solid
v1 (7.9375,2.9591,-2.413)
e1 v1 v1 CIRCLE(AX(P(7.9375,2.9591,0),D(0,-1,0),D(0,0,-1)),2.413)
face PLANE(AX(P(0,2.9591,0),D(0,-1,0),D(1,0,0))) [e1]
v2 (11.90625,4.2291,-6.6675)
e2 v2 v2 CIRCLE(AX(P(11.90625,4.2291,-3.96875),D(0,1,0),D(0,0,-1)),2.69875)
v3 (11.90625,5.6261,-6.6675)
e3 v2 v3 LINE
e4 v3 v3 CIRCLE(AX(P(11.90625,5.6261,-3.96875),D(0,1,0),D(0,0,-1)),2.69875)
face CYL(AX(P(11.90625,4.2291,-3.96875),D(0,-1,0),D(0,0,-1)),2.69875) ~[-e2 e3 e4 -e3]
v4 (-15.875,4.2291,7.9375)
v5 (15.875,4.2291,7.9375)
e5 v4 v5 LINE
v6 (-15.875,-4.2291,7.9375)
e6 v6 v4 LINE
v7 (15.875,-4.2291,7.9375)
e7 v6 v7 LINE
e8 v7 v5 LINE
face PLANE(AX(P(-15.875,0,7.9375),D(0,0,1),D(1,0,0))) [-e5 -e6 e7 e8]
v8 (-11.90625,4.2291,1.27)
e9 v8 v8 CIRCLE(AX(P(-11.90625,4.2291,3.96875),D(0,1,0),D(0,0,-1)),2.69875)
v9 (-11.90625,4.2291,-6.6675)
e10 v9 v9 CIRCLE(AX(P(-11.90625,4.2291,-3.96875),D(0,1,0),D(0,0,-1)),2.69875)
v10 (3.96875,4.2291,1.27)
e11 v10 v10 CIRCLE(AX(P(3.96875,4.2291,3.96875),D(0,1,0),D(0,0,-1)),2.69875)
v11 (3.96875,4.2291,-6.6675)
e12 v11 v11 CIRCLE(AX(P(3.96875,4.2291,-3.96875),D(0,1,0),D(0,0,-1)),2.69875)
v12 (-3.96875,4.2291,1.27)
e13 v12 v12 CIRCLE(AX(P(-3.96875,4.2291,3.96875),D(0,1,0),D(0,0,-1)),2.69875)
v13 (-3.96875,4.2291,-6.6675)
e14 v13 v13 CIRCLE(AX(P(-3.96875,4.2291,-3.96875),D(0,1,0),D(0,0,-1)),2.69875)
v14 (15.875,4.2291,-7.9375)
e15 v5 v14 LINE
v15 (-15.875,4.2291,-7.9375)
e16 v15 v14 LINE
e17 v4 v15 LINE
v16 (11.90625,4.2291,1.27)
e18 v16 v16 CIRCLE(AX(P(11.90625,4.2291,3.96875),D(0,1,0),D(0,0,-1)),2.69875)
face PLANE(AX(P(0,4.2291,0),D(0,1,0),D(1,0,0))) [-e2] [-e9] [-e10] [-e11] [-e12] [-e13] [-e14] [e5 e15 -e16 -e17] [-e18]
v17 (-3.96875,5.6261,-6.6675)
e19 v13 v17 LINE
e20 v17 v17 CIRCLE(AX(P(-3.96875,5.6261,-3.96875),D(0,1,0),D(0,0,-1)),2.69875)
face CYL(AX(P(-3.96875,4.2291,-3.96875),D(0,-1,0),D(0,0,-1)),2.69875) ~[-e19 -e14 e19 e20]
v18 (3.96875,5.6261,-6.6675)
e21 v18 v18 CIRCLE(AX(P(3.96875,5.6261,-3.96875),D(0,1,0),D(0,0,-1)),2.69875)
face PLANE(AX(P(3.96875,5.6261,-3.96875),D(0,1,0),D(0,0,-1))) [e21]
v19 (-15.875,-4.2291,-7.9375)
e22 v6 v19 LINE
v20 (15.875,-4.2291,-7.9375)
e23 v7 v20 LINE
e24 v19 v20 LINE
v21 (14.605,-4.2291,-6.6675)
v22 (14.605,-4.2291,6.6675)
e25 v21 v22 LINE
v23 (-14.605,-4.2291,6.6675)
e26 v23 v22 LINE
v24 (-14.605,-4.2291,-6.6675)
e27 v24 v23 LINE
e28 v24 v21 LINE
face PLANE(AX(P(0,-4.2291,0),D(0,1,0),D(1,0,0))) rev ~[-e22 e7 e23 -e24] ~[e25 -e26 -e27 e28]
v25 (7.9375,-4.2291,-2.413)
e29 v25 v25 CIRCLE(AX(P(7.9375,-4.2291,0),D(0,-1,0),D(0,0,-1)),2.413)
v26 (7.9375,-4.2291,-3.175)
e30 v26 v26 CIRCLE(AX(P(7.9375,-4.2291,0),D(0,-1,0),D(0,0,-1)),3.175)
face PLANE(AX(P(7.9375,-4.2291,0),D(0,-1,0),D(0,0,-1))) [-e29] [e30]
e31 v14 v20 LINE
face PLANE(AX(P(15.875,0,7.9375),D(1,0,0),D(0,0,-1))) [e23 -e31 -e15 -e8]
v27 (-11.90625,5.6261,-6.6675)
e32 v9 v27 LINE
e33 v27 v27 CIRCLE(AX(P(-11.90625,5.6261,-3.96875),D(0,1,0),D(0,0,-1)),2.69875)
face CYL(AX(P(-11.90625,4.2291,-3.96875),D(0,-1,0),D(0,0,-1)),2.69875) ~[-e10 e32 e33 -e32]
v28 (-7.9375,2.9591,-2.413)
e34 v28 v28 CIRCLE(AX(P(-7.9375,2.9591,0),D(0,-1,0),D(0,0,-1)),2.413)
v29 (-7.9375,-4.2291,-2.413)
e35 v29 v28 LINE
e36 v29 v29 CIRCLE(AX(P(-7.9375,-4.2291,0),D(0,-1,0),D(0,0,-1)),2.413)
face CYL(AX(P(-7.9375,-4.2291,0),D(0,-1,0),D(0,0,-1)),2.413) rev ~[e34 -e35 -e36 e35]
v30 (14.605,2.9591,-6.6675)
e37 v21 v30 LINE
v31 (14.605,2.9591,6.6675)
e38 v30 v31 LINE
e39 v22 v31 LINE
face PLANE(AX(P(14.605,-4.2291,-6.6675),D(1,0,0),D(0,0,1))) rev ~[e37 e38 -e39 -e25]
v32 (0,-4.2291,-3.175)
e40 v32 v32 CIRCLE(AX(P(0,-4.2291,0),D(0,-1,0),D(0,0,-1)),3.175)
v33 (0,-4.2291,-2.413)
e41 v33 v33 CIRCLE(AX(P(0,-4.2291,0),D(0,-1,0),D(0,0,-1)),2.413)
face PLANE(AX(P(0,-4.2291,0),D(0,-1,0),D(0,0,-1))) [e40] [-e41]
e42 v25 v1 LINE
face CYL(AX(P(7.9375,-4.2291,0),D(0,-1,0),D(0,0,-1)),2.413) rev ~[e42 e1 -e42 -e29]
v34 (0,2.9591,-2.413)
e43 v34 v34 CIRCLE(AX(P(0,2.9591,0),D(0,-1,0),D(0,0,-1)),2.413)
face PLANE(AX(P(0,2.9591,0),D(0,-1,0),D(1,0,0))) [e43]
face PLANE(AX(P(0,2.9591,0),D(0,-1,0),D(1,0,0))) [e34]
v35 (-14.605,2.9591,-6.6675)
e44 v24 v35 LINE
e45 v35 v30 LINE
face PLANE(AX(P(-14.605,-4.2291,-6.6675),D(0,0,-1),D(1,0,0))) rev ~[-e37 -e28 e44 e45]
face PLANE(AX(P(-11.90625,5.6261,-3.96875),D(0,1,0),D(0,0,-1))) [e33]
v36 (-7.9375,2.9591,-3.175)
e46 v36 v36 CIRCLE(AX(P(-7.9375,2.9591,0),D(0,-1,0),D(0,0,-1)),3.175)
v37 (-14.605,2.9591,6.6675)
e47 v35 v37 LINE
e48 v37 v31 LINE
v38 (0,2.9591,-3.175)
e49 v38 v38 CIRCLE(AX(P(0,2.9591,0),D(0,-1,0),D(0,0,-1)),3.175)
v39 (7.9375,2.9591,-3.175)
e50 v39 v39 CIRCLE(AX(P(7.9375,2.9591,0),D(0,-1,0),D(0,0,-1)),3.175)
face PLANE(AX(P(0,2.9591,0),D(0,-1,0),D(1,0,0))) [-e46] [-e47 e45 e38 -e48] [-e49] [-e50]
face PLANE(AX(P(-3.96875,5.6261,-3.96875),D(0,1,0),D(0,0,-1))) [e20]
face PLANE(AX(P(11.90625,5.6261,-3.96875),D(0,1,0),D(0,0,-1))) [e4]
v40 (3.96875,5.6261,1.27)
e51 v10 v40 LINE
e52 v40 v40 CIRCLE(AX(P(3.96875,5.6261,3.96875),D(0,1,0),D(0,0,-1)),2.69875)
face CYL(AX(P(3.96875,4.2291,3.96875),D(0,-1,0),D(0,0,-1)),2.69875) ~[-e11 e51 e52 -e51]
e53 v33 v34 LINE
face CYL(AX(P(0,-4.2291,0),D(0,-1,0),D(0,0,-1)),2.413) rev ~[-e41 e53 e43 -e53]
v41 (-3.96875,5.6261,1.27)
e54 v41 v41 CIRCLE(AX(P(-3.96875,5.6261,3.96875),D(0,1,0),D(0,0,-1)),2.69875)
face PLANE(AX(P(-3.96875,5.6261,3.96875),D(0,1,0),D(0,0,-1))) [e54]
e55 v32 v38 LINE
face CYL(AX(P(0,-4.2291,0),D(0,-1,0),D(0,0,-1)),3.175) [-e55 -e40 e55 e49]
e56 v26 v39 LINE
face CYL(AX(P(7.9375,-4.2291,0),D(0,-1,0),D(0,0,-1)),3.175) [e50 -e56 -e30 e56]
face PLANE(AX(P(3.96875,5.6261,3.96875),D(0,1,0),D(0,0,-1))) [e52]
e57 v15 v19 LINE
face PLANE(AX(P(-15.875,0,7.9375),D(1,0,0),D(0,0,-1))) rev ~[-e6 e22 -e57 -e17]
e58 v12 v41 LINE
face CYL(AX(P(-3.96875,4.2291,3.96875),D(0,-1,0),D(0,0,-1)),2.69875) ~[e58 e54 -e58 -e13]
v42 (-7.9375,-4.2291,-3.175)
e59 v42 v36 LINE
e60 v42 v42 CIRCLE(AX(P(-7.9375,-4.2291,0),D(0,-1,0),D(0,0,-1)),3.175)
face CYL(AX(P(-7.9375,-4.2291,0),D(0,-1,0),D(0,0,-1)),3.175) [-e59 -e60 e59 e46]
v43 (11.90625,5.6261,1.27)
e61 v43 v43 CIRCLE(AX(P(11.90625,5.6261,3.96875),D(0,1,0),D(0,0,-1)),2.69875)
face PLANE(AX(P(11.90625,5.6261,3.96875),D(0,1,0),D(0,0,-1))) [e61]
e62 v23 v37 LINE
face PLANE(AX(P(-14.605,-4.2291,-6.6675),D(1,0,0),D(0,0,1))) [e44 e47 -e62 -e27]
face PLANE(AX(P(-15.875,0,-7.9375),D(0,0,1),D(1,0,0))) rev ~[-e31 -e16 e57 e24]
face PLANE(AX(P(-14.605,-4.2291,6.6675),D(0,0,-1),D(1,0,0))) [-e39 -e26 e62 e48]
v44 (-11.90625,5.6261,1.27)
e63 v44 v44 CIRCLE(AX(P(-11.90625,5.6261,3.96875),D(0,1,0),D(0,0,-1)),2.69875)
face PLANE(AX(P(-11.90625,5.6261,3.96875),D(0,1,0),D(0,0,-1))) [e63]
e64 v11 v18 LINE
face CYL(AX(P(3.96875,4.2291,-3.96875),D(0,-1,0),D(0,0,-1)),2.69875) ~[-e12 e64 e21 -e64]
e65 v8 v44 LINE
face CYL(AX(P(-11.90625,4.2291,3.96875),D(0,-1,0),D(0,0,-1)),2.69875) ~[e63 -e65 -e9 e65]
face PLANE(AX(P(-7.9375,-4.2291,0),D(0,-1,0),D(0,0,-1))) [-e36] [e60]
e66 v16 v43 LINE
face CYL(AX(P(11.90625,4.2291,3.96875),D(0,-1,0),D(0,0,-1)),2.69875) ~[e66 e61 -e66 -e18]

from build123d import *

# Parameters (mm, degrees)
SKETCH1_W            = 31.75
SKETCH1_H            = 15.875
BOSS_EXTRUDE1_DEPTH  = 4.2291
SKETCH2_W            = 29.21
SKETCH2_H            = 13.335
SKETCH2_R            = 3.175
SKETCH2_R_2          = 2.413
CUT_EXTRUDE1_DEPTH   = 7.1882
SKETCH3_R            = 2.69875
BOSS_EXTRUDE2_DEPTH  = 1.397
LPATTERN1_COUNT      = 4
LPATTERN1_PITCH      = 7.9375
LPATTERN1_COUNT_DIR2 = 2
LPATTERN1_PITCH_DIR2 = 7.9375
SKETCH2_3_R          = 3.175
SKETCH2_3_R_2        = 2.413
BOSS_EXTRUDE3_DEPTH  = 7.1882
LPATTERN2_COUNT      = 2
LPATTERN2_PITCH      = 7.9375
LPATTERN2_COL_COUNT  = 2
LPATTERN2_COL_PITCH  = 7.9375


with BuildPart() as part:
    # Sketch1 → Boss-Extrude1 (new, symmetric)
    with BuildSketch(Plane(origin=(0, 0, 0), x_dir=(1, 0, 0), z_dir=(0, 1, 0))):
        Rectangle(SKETCH1_W, SKETCH1_H)
    extrude(amount=BOSS_EXTRUDE1_DEPTH, both=True)

    # Sketch2 → Cut-Extrude1 (cut)
    with BuildSketch(Plane.XZ.offset(4.2291)):
        Rectangle(SKETCH2_W, SKETCH2_H)
        Circle(SKETCH2_R, mode=Mode.SUBTRACT)
        Circle(SKETCH2_R)
        Circle(SKETCH2_R_2, mode=Mode.SUBTRACT)
        Circle(SKETCH2_R_2)
    extrude(amount=-CUT_EXTRUDE1_DEPTH, mode=Mode.SUBTRACT)

    # Sketch3 → Boss-Extrude2 (add)
    with BuildSketch(Plane(origin=(0, 4.2291, 0), x_dir=(1, 0, 0), z_dir=(0, 1, 0))):
        with Locations(Location((11.90625, -3.96875, 0), (0, 0, 90))):
            Circle(SKETCH3_R)
    boss_extrude2 = extrude(amount=BOSS_EXTRUDE2_DEPTH)

    # LPattern1: Boss-Extrude2 4 × 2
    with Locations(*[(-i * LPATTERN1_PITCH, 0, -j * LPATTERN1_PITCH_DIR2) for i in range(LPATTERN1_COUNT) for j in range(LPATTERN1_COUNT_DIR2) if (i, j) != (0, 0)]):
        add(boss_extrude2)

    # Sketch2_3 → Boss-Extrude3 (add)
    with BuildSketch(Plane.XZ.offset(4.2291)):
        with Locations(Location((0, 0, 0), (0, 0, 270))):
            Circle(SKETCH2_3_R)
        with Locations(Location((0, 0, 0), (0, 0, 270))):
            Circle(SKETCH2_3_R_2, mode=Mode.SUBTRACT)
    boss_extrude3 = extrude(amount=-BOSS_EXTRUDE3_DEPTH)

    # LPattern2: Boss-Extrude3 ×2
    with Locations(*[(i * LPATTERN2_PITCH, 0, 0) for i in range(1, LPATTERN2_COUNT)]):
        add(boss_extrude3)

    # LPattern2 col: Boss-Extrude3 ×2
    with Locations(*[(-i * LPATTERN2_COL_PITCH, 0, 0) for i in range(1, LPATTERN2_COL_COUNT)]):
        add(boss_extrude3)


solid = part.part
